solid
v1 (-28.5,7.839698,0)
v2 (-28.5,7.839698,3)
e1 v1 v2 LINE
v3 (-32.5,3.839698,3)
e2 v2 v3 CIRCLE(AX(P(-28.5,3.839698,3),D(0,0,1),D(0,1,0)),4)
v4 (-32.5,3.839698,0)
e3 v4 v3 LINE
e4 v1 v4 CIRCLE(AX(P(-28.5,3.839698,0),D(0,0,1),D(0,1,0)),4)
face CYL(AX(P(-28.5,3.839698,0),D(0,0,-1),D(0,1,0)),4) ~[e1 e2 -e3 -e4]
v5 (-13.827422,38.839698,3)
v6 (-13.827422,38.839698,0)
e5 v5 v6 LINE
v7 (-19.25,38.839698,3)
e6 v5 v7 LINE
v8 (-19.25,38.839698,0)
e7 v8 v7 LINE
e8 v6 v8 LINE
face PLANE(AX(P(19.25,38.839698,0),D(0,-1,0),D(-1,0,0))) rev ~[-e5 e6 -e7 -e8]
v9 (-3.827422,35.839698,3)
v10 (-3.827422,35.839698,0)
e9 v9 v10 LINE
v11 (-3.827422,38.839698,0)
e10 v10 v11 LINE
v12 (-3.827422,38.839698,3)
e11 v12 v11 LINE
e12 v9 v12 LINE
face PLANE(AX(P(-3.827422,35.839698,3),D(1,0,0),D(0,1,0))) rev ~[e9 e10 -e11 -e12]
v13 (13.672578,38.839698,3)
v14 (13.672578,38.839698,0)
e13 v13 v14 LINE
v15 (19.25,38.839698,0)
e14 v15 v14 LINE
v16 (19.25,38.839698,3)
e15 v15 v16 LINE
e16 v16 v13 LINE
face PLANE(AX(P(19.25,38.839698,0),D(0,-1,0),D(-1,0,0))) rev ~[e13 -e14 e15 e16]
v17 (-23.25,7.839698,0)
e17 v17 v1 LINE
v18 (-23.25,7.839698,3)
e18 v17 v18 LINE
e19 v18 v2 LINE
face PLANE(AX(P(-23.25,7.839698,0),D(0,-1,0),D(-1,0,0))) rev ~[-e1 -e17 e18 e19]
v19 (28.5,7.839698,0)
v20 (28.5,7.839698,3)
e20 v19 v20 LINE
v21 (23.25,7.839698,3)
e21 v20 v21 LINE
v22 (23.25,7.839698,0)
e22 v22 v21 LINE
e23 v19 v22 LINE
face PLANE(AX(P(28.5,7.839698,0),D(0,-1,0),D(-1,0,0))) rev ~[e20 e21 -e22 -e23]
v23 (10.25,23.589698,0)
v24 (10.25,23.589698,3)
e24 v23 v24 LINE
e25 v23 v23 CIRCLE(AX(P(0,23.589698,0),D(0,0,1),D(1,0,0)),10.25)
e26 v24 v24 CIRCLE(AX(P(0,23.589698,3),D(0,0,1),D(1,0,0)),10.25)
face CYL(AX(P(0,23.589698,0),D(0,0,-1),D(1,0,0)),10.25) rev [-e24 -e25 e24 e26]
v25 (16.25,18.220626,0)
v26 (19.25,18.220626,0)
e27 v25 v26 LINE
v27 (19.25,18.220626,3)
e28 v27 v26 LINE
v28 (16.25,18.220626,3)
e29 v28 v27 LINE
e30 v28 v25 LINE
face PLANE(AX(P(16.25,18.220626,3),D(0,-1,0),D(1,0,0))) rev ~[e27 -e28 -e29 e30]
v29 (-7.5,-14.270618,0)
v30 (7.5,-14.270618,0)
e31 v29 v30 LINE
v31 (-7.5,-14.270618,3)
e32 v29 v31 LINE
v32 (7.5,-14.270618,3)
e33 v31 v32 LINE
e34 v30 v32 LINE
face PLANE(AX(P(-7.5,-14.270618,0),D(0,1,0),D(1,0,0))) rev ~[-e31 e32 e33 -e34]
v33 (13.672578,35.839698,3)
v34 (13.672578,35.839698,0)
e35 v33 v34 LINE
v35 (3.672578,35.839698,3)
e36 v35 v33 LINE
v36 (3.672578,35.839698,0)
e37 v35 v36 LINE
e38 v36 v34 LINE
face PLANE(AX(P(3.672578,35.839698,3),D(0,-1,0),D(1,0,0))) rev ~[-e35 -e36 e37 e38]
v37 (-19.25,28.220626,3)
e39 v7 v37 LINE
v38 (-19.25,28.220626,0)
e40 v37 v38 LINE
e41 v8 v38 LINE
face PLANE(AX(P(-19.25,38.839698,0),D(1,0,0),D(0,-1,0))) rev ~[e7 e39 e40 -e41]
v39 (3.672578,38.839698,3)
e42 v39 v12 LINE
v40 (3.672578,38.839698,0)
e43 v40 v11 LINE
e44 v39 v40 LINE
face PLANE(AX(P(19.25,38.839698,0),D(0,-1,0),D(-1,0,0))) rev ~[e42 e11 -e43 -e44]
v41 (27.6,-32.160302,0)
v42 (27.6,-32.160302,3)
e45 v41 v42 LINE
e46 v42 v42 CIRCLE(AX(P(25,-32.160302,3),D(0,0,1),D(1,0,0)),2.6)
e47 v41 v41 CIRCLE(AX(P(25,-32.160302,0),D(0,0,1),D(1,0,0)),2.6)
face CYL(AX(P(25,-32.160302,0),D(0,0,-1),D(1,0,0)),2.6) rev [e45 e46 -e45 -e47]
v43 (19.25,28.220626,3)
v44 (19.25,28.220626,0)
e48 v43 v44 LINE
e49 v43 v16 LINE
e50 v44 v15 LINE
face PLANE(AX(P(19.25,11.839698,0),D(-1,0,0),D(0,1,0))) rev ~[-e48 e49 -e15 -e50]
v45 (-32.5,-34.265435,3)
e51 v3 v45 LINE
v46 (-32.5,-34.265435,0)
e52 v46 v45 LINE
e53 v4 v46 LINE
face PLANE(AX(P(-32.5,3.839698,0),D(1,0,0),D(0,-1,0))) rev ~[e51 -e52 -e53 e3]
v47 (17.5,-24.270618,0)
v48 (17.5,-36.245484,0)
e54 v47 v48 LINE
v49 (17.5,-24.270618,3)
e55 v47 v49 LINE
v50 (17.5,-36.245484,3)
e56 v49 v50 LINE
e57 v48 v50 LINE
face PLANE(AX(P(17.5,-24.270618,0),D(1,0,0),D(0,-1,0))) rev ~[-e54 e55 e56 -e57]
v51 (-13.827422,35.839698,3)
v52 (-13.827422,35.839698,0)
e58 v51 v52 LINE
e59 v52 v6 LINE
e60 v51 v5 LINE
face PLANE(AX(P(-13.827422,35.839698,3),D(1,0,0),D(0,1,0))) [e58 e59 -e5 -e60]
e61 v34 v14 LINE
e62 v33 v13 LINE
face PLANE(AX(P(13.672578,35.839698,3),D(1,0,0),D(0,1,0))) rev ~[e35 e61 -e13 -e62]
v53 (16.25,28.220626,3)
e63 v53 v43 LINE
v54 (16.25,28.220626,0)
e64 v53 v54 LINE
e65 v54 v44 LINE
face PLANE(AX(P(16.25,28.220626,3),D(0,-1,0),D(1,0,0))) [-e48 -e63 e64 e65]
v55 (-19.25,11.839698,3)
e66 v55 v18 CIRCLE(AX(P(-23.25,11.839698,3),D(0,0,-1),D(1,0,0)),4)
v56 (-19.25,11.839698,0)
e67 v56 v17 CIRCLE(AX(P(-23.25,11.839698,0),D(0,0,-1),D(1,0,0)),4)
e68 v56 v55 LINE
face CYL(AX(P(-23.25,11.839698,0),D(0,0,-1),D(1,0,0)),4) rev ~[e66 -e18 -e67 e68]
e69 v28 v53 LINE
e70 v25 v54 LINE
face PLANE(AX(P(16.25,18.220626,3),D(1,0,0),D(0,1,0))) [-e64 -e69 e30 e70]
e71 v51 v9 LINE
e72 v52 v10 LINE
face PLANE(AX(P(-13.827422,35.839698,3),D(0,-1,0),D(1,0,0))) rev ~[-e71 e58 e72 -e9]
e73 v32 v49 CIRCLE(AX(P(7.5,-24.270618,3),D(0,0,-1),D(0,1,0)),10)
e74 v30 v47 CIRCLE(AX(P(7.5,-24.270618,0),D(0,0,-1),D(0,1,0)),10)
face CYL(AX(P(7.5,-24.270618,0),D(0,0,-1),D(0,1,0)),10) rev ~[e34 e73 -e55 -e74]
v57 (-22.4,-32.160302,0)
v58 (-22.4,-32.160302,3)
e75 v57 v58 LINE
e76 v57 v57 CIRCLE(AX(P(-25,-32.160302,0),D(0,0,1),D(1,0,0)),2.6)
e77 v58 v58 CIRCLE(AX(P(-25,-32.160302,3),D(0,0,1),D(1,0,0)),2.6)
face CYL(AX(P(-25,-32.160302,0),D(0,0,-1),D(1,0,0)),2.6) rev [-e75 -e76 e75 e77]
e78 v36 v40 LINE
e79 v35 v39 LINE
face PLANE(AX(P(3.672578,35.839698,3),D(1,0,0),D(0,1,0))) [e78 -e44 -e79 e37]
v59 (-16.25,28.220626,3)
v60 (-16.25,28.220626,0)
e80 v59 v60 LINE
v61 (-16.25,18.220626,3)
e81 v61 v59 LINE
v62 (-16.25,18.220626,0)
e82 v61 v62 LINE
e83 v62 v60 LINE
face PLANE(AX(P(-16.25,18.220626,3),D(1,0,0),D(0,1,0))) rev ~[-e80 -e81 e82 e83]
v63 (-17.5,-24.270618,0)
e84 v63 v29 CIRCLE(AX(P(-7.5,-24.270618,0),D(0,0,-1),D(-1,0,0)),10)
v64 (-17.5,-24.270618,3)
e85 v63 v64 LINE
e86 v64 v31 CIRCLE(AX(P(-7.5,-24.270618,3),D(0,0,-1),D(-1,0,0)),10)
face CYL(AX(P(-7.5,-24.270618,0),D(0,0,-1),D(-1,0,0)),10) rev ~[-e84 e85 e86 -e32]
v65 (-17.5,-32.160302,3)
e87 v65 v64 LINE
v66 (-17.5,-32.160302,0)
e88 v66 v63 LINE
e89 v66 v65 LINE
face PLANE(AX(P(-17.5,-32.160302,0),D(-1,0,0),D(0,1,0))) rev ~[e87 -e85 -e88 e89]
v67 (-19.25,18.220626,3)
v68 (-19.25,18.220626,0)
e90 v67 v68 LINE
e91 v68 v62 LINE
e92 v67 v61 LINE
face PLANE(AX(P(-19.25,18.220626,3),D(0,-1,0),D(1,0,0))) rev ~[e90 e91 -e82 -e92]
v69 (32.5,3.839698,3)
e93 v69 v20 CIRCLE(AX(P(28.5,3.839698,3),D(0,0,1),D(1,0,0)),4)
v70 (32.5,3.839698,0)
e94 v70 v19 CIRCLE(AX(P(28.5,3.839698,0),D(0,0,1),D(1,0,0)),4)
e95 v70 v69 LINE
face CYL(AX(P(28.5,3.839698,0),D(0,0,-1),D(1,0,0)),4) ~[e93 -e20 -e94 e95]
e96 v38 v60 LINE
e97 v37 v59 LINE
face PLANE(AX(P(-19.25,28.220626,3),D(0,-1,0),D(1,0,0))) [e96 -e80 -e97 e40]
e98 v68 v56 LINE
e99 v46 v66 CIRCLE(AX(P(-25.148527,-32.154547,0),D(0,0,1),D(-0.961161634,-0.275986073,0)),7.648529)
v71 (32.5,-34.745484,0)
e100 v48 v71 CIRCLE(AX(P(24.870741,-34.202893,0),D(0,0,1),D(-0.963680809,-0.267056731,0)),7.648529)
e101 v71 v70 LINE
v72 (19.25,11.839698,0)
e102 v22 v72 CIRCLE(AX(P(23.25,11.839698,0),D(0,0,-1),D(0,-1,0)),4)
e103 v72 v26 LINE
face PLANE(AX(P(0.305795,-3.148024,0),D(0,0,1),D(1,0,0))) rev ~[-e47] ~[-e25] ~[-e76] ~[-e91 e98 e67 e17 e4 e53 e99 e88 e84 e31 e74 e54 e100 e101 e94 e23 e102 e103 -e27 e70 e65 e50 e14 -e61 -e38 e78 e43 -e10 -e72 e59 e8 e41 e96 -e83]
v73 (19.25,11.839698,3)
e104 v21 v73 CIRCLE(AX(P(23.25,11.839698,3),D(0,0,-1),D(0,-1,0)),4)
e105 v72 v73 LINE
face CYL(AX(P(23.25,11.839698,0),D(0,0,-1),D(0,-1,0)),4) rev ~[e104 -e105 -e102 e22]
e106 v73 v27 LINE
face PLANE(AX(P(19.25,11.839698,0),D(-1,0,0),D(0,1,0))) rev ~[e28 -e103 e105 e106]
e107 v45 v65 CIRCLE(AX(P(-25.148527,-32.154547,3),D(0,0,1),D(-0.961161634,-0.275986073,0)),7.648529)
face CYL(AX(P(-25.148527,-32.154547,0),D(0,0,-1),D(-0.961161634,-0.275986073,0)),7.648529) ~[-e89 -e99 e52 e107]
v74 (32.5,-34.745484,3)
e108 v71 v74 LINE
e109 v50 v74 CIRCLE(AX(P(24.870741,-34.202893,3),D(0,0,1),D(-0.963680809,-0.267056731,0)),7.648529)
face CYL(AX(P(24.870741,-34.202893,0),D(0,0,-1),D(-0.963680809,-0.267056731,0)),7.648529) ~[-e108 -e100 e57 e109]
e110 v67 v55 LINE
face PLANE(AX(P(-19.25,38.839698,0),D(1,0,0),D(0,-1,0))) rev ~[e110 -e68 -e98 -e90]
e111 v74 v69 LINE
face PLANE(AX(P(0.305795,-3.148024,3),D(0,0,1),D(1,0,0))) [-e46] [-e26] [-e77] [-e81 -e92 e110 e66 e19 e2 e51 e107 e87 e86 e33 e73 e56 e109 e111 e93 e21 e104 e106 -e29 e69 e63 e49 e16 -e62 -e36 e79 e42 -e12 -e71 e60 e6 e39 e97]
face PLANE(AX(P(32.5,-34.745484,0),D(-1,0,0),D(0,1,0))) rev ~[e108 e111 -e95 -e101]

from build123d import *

# Parameters (mm, degrees)
SKETCH1_R           = 2.6
SKETCH1_R_2         = 10.25
BOSS_EXTRUDE1_DEPTH = 3
SKETCH2_W           = 3
SKETCH2_H           = 10
SKETCH2_W_2         = 10
SKETCH2_H_2         = 3
CUT_EXTRUDE1_DEPTH  = 3


with BuildPart() as part:
    # Sketch1 → Boss-Extrude1 (new body)
    with BuildSketch(Plane.XY):
        with BuildLine():
            Line((-32.5, -1.160301848), (-32.5, -34.265434942))
            ThreePointArc((-32.5, -34.265434942), (-24.085532921, -39.728848894), (-17.5, -32.160301848))
            Line((-17.5, -32.160301848), (-17.5, -24.27061763))
            ThreePointArc((-17.5, -24.27061763), (-14.571067812, -17.199549819), (-7.5, -14.27061763))
            Line((-7.5, -14.27061763), (7.5, -14.27061763))
            ThreePointArc((7.5, -14.27061763), (14.571067812, -17.199549819), (17.5, -24.27061763))
            Line((17.5, -24.27061763), (17.5, -32.160301848))
            Line((17.5, -32.160301848), (17.5, -36.245484302))
            ThreePointArc((17.5, -36.245484302), (25.631797985, -41.813464149), (32.5, -34.745484302))
            Line((32.5, -34.745484302), (32.5, -33.660301848))
            Line((32.5, -33.660301848), (32.5, -1.160301848))
            Line((32.5, -1.160301848), (32.5, 3.839698152))
            ThreePointArc((32.5, 3.839698152), (31.328427125, 6.668125276), (28.5, 7.839698152))
            Line((28.5, 7.839698152), (23.25, 7.839698152))
            ThreePointArc((23.25, 7.839698152), (20.421572875, 9.011271027), (19.25, 11.839698152))
            Line((19.25, 11.839698152), (19.25, 38.839698152))
            Line((19.25, 38.839698152), (-19.25, 38.839698152))
            Line((-19.25, 38.839698152), (-19.25, 11.839698152))
            ThreePointArc((-19.25, 11.839698152), (-20.421572875, 9.011271027), (-23.25, 7.839698152))
            Line((-23.25, 7.839698152), (-28.5, 7.839698152))
            ThreePointArc((-28.5, 7.839698152), (-31.328427125, 6.668125276), (-32.5, 3.839698152))
            Line((-32.5, 3.839698152), (-32.5, 3.273112401))
            Line((-32.5, 3.273112401), (-32.5, -1.160301848))
        make_face()
        with Locations((-25, -32.160301848)):
            Circle(SKETCH1_R, mode=Mode.SUBTRACT)
        with Locations((25, -32.160301848)):
            Circle(SKETCH1_R, mode=Mode.SUBTRACT)
        with Locations((0, 23.589698152)):
            Circle(SKETCH1_R_2, mode=Mode.SUBTRACT)
    extrude(amount=BOSS_EXTRUDE1_DEPTH)

    # Sketch2 → Cut-Extrude1 (cut)
    with BuildSketch(Plane.XY.offset(3)):
        with Locations((-17.75, 23.22062572)):
            Rectangle(SKETCH2_W, SKETCH2_H)
        with Locations((-8.827421787, 37.339698152)):
            Rectangle(SKETCH2_W_2, SKETCH2_H_2)
        with Locations((8.672578213, 37.339698152)):
            Rectangle(SKETCH2_W_2, SKETCH2_H_2)
        with Locations((17.75, 23.22062572)):
            Rectangle(SKETCH2_W, SKETCH2_H)
    extrude(amount=-CUT_EXTRUDE1_DEPTH, mode=Mode.SUBTRACT)


solid = part.part
